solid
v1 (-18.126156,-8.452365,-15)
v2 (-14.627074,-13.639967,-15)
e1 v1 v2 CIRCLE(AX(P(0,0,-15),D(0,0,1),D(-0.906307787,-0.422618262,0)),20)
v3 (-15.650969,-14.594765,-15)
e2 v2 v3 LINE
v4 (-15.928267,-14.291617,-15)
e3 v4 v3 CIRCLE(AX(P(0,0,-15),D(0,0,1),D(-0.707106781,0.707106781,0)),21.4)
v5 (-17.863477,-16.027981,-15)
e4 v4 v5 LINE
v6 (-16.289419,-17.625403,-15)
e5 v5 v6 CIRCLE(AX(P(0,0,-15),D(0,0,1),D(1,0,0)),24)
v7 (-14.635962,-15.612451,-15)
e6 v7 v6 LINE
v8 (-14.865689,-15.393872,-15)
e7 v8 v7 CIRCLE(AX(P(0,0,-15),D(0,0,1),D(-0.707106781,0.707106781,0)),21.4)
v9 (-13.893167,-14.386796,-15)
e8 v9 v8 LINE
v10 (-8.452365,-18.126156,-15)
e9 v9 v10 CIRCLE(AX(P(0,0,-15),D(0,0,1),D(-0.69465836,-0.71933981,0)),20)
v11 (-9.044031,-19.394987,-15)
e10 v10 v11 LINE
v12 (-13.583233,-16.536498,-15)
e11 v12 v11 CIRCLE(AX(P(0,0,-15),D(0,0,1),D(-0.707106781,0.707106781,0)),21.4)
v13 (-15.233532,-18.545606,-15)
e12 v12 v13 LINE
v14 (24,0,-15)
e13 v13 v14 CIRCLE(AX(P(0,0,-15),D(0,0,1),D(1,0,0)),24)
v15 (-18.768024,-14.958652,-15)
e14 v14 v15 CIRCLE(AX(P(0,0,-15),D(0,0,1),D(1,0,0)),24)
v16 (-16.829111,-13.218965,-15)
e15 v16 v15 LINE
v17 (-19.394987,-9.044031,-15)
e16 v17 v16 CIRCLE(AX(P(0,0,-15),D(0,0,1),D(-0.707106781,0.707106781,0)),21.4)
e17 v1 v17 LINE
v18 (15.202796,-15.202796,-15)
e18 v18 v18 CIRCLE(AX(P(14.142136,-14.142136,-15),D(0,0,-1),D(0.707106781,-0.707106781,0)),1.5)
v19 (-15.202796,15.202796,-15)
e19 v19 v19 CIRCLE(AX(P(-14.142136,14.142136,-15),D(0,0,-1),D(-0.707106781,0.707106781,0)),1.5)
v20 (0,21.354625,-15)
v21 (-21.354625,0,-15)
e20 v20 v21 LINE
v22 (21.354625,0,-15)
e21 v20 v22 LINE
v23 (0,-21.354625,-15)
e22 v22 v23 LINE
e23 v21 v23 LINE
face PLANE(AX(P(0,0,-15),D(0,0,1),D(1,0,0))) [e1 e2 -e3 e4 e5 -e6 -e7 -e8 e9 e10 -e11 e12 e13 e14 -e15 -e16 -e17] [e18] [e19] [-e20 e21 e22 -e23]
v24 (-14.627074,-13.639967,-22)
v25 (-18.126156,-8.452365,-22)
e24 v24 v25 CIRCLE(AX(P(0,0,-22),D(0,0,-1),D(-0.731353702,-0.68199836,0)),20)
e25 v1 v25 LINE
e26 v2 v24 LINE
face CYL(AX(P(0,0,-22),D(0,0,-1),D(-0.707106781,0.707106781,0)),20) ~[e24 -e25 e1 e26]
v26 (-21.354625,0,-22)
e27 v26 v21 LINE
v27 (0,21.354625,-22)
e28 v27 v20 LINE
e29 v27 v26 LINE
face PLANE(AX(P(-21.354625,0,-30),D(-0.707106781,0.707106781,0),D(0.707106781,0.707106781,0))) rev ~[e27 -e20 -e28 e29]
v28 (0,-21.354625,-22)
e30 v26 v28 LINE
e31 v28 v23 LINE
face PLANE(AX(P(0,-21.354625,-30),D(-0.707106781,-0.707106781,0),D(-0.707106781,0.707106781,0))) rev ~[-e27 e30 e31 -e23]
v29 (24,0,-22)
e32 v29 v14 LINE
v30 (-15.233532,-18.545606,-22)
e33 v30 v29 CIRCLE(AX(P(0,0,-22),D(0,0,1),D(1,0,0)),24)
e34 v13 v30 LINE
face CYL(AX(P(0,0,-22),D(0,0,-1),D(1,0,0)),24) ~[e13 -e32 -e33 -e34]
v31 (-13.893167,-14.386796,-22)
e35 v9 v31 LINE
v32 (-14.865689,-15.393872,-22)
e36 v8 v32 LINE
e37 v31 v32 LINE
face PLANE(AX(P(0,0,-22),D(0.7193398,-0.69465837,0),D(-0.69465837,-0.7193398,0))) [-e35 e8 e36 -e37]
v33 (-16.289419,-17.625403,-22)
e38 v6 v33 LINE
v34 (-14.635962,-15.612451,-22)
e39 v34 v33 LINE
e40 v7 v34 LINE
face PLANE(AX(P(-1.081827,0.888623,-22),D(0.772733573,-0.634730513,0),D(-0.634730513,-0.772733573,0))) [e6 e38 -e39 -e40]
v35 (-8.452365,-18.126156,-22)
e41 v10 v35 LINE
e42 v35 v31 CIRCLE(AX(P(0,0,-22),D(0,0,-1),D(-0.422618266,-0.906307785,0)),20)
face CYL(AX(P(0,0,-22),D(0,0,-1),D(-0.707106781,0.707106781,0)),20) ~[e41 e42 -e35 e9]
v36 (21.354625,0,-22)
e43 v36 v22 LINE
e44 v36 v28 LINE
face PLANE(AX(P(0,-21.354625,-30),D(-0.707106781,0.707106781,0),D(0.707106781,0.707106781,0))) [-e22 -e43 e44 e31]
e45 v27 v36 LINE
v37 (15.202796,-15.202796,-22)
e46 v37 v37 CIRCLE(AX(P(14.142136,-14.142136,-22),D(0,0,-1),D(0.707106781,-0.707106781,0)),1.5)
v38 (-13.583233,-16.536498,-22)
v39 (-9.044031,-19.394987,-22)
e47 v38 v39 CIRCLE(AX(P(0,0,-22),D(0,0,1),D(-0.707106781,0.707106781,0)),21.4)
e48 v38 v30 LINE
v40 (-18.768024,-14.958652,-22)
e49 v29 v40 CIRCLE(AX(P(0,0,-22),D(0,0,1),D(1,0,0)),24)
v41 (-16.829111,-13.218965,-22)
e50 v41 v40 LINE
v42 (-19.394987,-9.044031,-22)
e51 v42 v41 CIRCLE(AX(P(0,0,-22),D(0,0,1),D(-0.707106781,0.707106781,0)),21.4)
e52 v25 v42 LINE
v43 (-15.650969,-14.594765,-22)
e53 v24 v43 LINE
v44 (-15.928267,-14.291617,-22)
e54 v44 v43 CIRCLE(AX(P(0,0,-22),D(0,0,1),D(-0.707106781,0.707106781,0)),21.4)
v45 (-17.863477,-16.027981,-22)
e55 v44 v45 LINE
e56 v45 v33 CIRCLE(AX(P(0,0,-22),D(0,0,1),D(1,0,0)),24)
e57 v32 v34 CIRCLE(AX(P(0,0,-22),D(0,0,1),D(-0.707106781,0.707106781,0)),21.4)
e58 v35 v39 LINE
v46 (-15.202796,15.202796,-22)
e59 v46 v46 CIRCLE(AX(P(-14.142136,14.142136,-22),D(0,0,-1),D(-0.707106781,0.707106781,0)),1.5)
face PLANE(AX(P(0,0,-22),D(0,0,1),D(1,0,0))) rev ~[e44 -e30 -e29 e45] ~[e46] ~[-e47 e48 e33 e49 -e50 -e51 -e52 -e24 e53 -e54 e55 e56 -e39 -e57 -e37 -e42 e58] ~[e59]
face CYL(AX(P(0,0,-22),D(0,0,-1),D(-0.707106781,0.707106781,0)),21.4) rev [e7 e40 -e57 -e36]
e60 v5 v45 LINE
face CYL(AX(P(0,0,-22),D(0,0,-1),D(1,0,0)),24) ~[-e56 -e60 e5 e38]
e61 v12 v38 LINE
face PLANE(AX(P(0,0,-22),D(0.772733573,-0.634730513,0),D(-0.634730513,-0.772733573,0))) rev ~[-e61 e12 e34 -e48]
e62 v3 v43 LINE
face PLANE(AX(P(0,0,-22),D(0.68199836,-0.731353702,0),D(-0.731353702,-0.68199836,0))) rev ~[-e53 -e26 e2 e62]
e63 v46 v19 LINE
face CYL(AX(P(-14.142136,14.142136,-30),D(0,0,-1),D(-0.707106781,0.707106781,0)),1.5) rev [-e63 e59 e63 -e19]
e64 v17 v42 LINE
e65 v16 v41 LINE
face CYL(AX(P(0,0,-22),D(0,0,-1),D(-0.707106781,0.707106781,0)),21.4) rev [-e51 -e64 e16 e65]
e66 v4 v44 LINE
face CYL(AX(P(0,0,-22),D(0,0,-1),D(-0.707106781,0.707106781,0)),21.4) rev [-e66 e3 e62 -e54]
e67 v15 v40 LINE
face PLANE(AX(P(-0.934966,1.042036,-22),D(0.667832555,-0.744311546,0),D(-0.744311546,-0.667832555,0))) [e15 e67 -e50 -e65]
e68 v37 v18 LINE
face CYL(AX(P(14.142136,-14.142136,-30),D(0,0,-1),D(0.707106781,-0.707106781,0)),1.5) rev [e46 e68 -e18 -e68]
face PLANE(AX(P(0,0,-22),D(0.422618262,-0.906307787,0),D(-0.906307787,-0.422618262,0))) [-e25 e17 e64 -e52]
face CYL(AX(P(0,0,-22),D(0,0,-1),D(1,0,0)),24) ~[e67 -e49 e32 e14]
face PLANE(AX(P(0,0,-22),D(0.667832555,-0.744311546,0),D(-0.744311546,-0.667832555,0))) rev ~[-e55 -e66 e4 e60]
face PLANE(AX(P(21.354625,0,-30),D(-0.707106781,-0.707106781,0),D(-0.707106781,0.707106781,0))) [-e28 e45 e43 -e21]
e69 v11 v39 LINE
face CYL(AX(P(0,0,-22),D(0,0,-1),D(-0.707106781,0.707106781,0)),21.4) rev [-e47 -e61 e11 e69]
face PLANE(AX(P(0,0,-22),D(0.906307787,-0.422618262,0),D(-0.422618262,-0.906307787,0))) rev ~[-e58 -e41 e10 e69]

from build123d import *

# Parameters (mm, degrees)
CYLINDER804_R               = 20
CYLINDER804_DEPTH           = 7
BOX313_W                    = 1.4
BOX313_H                    = 60
BOX313_DEPTH                = 7
BOX313_PLACEMENT_ANGLE      = 5.7
BOX314_W                    = 1.4
BOX314_H                    = 60
BOX314_DEPTH                = 7
BOX314_PLACEMENT_ANGLE      = 3
CUT339_PLACEMENT_ANGLE      = 134.9
BOX311_W                    = 60
BOX311_H                    = 60
BOX311_DEPTH                = 7
BOX311_PLACEMENT_ANGLE      = 1
BOX312_W                    = 60
BOX312_H                    = 60
BOX312_DEPTH                = 7
BOX312_PLACEMENT_ANGLE      = 2
BOX310_W                    = 120
BOX310_H                    = 60
BOX310_DEPTH                = 7
TUBE084_R                   = 21.4
TUBE084_R_2                 = 20
TUBE084_DEPTH               = 7
BOX308_W                    = 60
BOX308_H                    = 60
BOX308_DEPTH                = 7
BOX308_PLACEMENT_ANGLE      = 20
BOX307_W                    = 60
BOX307_H                    = 60
BOX307_DEPTH                = 7
BOX307_PLACEMENT_ANGLE      = 20
BOX309_W                    = 120
BOX309_H                    = 60
BOX309_DEPTH                = 7
TUBE085_R                   = 21.4
TUBE085_R_2                 = 20
TUBE085_DEPTH               = 7
CUT335_PLACEMENT_ANGLE      = 135
CYLINDER811_R               = 1.5
CYLINDER811_DEPTH           = 20
CYLINDER811_PLACEMENT_ANGLE = 135
CYLINDER810_R               = 1.5
CYLINDER810_DEPTH           = 20
CYLINDER810_PLACEMENT_ANGLE = 45
BOX_W                       = 30.2
BOX_H                       = 30.2
BOX_DEPTH                   = 100
BOX_PLACEMENT_ANGLE         = 45
CYLINDER_R                  = 24
CYLINDER_DEPTH              = 7


with BuildPart() as v_lec804:
    # Cylinder804 → Cylinder804 (new body)
    with BuildSketch(Plane.XY.offset(-22)):
        Circle(CYLINDER804_R)
    extrude(amount=CYLINDER804_DEPTH)


with BuildPart() as krychle313:
    # Box313 → Box313 (new body)
    with BuildSketch(Plane.XY):
        with Locations((0.7, 30)):
            Rectangle(BOX313_W, BOX313_H)
    extrude(amount=BOX313_DEPTH)


with BuildPart() as krychle313_1:
    # Box313 placement: moved
    add(krychle313.part.moved(Location((0, 0, -22))).rotate(Axis((0, 0, -22), (0, 0, 1)), BOX313_PLACEMENT_ANGLE))


with BuildPart() as cut339:
    # Box314 → Box314 (new body)
    with BuildSketch(Plane.XY):
        with Locations((0.7, 30)):
            Rectangle(BOX314_W, BOX314_H)
    extrude(amount=BOX314_DEPTH)


with BuildPart() as cut339_1:
    # Box314 placement: moved
    add(cut339.part.moved(Location((0, 0, -22))).rotate(Axis((0, 0, -22), (0, 0, -1)), BOX314_PLACEMENT_ANGLE))

    # Compound720: union Krychle313
    add(krychle313_1.part)

    # Cut339: cut Válec804
    add(v_lec804.part, mode=Mode.SUBTRACT)


with BuildPart() as cut339_2:
    # Cut339 placement: moved
    add(cut339_1.part.rotate(Axis((0, 0, 0), (0, 0, 1)), CUT339_PLACEMENT_ANGLE))


with BuildPart() as krychle311:
    # Box311 → Box311 (new body)
    with BuildSketch(Plane.XY):
        with Locations((30, 30)):
            Rectangle(BOX311_W, BOX311_H)
    extrude(amount=BOX311_DEPTH)


with BuildPart() as krychle311_1:
    # Box311 placement: moved
    add(krychle311.part.moved(Location((-59.990862, -1.047144, -22))).rotate(Axis((-59.990862, -1.047144, -22), (0, 0, 1)), BOX311_PLACEMENT_ANGLE))


with BuildPart() as compound719:
    # Box312 → Box312 (new body)
    with BuildSketch(Plane.XY):
        with Locations((30, 30)):
            Rectangle(BOX312_W, BOX312_H)
    extrude(amount=BOX312_DEPTH)


with BuildPart() as compound719_1:
    # Box312 placement: moved
    add(compound719.part.moved(Location((0, 0, -22))).rotate(Axis((0, 0, -22), (0, 0, -1)), BOX312_PLACEMENT_ANGLE))

    # Compound719: union Krychle311
    add(krychle311_1.part)


with BuildPart() as krychle310:
    # Box310 → Box310 (new body)
    with BuildSketch(Plane(origin=(-60, -60, -22), x_dir=(1, 0, 0), z_dir=(0, 0, 1))):
        with Locations((60, 30)):
            Rectangle(BOX310_W, BOX310_H)
    extrude(amount=BOX310_DEPTH)


with BuildPart() as cut338:
    # Tube084 → Tube084 (new body)
    with BuildSketch(Plane.XY.offset(-22)):
        Circle(TUBE084_R)
        Circle(TUBE084_R_2, mode=Mode.SUBTRACT)
    extrude(amount=TUBE084_DEPTH)

    # Cut337: cut Krychle310
    add(krychle310.part, mode=Mode.SUBTRACT)

    # Cut338: cut Compound719
    add(compound719_1.part, mode=Mode.SUBTRACT)


with BuildPart() as cut338_1:
    # Cut338 placement: moved
    add(cut338.part.moved(Location((0, 0, -7))))


with BuildPart() as krychle308:
    # Box308 → Box308 (new body)
    with BuildSketch(Plane.XY):
        with Locations((30, 30)):
            Rectangle(BOX308_W, BOX308_H)
    extrude(amount=BOX308_DEPTH)


with BuildPart() as krychle308_1:
    # Box308 placement: moved
    add(krychle308.part.moved(Location((-56.381557, -20.521209, -22))).rotate(Axis((-56.381557, -20.521209, -22), (0, 0, 1)), BOX308_PLACEMENT_ANGLE))


with BuildPart() as compound718:
    # Box307 → Box307 (new body)
    with BuildSketch(Plane.XY):
        with Locations((30, 30)):
            Rectangle(BOX307_W, BOX307_H)
    extrude(amount=BOX307_DEPTH)


with BuildPart() as compound718_1:
    # Box307 placement: moved
    add(compound718.part.moved(Location((0, 0, -22))).rotate(Axis((0, 0, -22), (0, 0, -1)), BOX307_PLACEMENT_ANGLE))

    # Compound718: union Krychle308
    add(krychle308_1.part)


with BuildPart() as krychle309:
    # Box309 → Box309 (new body)
    with BuildSketch(Plane(origin=(-60, -60, -22), x_dir=(1, 0, 0), z_dir=(0, 0, 1))):
        with Locations((60, 30)):
            Rectangle(BOX309_W, BOX309_H)
    extrude(amount=BOX309_DEPTH)


with BuildPart() as cut335:
    # Tube085 → Tube085 (new body)
    with BuildSketch(Plane.XY.offset(-22)):
        Circle(TUBE085_R)
        Circle(TUBE085_R_2, mode=Mode.SUBTRACT)
    extrude(amount=TUBE085_DEPTH)

    # Cut334: cut Krychle309
    add(krychle309.part, mode=Mode.SUBTRACT)

    # Cut336: cut Compound718
    add(compound718_1.part, mode=Mode.SUBTRACT)


with BuildPart() as cut335_1:
    # Cut336 placement: moved
    add(cut335.part.moved(Location((0, 0, -7))))

    # Cut335: cut Cut338
    add(cut338_1.part, mode=Mode.SUBTRACT)


with BuildPart() as cut335_2:
    # Cut335 placement: moved
    add(cut335_1.part.moved(Location((0, 0, 7))).rotate(Axis((0, 0, 7), (0, 0, 1)), CUT335_PLACEMENT_ANGLE))


with BuildPart() as v_lec811:
    # Cylinder811 → Cylinder811 (new body)
    with BuildSketch(Plane.XY):
        Circle(CYLINDER811_R)
    extrude(amount=CYLINDER811_DEPTH)


with BuildPart() as v_lec811_1:
    # Cylinder811 placement: moved
    add(v_lec811.part.moved(Location((-14.142136, 14.142136, -30))).rotate(Axis((-14.142136, 14.142136, -30), (0, 0, 1)), CYLINDER811_PLACEMENT_ANGLE))


with BuildPart() as compound721:
    # Cylinder810 → Cylinder810 (new body)
    with BuildSketch(Plane.XY):
        Circle(CYLINDER810_R)
    extrude(amount=CYLINDER810_DEPTH)


with BuildPart() as compound721_1:
    # Cylinder810 placement: moved
    add(compound721.part.moved(Location((14.142136, -14.142136, -30))).rotate(Axis((14.142136, -14.142136, -30), (0, 0, -1)), CYLINDER810_PLACEMENT_ANGLE))

    # Compound721: union Válec811
    add(v_lec811_1.part)


with BuildPart() as krychle:
    # Box → Box (new body)
    with BuildSketch(Plane.XY):
        with Locations((15.1, 15.1)):
            Rectangle(BOX_W, BOX_H)
    extrude(amount=BOX_DEPTH)


with BuildPart() as krychle_1:
    # Box placement: moved
    add(krychle.part.moved(Location((0, -21.354625, -30))).rotate(Axis((0, -21.354625, -30), (0, 0, 1)), BOX_PLACEMENT_ANGLE))


with BuildPart() as cut348:
    # Cylinder → Cylinder (new body)
    with BuildSketch(Plane.XY.offset(-22)):
        Circle(CYLINDER_R)
    extrude(amount=CYLINDER_DEPTH)

    # Cut: cut Krychle
    add(krychle_1.part, mode=Mode.SUBTRACT)

    # Cut343: cut Compound721
    add(compound721_1.part, mode=Mode.SUBTRACT)

    # Cut347: cut Cut335
    add(cut335_2.part, mode=Mode.SUBTRACT)

    # Cut348: cut Cut339
    add(cut339_2.part, mode=Mode.SUBTRACT)


solid = cut348.part
